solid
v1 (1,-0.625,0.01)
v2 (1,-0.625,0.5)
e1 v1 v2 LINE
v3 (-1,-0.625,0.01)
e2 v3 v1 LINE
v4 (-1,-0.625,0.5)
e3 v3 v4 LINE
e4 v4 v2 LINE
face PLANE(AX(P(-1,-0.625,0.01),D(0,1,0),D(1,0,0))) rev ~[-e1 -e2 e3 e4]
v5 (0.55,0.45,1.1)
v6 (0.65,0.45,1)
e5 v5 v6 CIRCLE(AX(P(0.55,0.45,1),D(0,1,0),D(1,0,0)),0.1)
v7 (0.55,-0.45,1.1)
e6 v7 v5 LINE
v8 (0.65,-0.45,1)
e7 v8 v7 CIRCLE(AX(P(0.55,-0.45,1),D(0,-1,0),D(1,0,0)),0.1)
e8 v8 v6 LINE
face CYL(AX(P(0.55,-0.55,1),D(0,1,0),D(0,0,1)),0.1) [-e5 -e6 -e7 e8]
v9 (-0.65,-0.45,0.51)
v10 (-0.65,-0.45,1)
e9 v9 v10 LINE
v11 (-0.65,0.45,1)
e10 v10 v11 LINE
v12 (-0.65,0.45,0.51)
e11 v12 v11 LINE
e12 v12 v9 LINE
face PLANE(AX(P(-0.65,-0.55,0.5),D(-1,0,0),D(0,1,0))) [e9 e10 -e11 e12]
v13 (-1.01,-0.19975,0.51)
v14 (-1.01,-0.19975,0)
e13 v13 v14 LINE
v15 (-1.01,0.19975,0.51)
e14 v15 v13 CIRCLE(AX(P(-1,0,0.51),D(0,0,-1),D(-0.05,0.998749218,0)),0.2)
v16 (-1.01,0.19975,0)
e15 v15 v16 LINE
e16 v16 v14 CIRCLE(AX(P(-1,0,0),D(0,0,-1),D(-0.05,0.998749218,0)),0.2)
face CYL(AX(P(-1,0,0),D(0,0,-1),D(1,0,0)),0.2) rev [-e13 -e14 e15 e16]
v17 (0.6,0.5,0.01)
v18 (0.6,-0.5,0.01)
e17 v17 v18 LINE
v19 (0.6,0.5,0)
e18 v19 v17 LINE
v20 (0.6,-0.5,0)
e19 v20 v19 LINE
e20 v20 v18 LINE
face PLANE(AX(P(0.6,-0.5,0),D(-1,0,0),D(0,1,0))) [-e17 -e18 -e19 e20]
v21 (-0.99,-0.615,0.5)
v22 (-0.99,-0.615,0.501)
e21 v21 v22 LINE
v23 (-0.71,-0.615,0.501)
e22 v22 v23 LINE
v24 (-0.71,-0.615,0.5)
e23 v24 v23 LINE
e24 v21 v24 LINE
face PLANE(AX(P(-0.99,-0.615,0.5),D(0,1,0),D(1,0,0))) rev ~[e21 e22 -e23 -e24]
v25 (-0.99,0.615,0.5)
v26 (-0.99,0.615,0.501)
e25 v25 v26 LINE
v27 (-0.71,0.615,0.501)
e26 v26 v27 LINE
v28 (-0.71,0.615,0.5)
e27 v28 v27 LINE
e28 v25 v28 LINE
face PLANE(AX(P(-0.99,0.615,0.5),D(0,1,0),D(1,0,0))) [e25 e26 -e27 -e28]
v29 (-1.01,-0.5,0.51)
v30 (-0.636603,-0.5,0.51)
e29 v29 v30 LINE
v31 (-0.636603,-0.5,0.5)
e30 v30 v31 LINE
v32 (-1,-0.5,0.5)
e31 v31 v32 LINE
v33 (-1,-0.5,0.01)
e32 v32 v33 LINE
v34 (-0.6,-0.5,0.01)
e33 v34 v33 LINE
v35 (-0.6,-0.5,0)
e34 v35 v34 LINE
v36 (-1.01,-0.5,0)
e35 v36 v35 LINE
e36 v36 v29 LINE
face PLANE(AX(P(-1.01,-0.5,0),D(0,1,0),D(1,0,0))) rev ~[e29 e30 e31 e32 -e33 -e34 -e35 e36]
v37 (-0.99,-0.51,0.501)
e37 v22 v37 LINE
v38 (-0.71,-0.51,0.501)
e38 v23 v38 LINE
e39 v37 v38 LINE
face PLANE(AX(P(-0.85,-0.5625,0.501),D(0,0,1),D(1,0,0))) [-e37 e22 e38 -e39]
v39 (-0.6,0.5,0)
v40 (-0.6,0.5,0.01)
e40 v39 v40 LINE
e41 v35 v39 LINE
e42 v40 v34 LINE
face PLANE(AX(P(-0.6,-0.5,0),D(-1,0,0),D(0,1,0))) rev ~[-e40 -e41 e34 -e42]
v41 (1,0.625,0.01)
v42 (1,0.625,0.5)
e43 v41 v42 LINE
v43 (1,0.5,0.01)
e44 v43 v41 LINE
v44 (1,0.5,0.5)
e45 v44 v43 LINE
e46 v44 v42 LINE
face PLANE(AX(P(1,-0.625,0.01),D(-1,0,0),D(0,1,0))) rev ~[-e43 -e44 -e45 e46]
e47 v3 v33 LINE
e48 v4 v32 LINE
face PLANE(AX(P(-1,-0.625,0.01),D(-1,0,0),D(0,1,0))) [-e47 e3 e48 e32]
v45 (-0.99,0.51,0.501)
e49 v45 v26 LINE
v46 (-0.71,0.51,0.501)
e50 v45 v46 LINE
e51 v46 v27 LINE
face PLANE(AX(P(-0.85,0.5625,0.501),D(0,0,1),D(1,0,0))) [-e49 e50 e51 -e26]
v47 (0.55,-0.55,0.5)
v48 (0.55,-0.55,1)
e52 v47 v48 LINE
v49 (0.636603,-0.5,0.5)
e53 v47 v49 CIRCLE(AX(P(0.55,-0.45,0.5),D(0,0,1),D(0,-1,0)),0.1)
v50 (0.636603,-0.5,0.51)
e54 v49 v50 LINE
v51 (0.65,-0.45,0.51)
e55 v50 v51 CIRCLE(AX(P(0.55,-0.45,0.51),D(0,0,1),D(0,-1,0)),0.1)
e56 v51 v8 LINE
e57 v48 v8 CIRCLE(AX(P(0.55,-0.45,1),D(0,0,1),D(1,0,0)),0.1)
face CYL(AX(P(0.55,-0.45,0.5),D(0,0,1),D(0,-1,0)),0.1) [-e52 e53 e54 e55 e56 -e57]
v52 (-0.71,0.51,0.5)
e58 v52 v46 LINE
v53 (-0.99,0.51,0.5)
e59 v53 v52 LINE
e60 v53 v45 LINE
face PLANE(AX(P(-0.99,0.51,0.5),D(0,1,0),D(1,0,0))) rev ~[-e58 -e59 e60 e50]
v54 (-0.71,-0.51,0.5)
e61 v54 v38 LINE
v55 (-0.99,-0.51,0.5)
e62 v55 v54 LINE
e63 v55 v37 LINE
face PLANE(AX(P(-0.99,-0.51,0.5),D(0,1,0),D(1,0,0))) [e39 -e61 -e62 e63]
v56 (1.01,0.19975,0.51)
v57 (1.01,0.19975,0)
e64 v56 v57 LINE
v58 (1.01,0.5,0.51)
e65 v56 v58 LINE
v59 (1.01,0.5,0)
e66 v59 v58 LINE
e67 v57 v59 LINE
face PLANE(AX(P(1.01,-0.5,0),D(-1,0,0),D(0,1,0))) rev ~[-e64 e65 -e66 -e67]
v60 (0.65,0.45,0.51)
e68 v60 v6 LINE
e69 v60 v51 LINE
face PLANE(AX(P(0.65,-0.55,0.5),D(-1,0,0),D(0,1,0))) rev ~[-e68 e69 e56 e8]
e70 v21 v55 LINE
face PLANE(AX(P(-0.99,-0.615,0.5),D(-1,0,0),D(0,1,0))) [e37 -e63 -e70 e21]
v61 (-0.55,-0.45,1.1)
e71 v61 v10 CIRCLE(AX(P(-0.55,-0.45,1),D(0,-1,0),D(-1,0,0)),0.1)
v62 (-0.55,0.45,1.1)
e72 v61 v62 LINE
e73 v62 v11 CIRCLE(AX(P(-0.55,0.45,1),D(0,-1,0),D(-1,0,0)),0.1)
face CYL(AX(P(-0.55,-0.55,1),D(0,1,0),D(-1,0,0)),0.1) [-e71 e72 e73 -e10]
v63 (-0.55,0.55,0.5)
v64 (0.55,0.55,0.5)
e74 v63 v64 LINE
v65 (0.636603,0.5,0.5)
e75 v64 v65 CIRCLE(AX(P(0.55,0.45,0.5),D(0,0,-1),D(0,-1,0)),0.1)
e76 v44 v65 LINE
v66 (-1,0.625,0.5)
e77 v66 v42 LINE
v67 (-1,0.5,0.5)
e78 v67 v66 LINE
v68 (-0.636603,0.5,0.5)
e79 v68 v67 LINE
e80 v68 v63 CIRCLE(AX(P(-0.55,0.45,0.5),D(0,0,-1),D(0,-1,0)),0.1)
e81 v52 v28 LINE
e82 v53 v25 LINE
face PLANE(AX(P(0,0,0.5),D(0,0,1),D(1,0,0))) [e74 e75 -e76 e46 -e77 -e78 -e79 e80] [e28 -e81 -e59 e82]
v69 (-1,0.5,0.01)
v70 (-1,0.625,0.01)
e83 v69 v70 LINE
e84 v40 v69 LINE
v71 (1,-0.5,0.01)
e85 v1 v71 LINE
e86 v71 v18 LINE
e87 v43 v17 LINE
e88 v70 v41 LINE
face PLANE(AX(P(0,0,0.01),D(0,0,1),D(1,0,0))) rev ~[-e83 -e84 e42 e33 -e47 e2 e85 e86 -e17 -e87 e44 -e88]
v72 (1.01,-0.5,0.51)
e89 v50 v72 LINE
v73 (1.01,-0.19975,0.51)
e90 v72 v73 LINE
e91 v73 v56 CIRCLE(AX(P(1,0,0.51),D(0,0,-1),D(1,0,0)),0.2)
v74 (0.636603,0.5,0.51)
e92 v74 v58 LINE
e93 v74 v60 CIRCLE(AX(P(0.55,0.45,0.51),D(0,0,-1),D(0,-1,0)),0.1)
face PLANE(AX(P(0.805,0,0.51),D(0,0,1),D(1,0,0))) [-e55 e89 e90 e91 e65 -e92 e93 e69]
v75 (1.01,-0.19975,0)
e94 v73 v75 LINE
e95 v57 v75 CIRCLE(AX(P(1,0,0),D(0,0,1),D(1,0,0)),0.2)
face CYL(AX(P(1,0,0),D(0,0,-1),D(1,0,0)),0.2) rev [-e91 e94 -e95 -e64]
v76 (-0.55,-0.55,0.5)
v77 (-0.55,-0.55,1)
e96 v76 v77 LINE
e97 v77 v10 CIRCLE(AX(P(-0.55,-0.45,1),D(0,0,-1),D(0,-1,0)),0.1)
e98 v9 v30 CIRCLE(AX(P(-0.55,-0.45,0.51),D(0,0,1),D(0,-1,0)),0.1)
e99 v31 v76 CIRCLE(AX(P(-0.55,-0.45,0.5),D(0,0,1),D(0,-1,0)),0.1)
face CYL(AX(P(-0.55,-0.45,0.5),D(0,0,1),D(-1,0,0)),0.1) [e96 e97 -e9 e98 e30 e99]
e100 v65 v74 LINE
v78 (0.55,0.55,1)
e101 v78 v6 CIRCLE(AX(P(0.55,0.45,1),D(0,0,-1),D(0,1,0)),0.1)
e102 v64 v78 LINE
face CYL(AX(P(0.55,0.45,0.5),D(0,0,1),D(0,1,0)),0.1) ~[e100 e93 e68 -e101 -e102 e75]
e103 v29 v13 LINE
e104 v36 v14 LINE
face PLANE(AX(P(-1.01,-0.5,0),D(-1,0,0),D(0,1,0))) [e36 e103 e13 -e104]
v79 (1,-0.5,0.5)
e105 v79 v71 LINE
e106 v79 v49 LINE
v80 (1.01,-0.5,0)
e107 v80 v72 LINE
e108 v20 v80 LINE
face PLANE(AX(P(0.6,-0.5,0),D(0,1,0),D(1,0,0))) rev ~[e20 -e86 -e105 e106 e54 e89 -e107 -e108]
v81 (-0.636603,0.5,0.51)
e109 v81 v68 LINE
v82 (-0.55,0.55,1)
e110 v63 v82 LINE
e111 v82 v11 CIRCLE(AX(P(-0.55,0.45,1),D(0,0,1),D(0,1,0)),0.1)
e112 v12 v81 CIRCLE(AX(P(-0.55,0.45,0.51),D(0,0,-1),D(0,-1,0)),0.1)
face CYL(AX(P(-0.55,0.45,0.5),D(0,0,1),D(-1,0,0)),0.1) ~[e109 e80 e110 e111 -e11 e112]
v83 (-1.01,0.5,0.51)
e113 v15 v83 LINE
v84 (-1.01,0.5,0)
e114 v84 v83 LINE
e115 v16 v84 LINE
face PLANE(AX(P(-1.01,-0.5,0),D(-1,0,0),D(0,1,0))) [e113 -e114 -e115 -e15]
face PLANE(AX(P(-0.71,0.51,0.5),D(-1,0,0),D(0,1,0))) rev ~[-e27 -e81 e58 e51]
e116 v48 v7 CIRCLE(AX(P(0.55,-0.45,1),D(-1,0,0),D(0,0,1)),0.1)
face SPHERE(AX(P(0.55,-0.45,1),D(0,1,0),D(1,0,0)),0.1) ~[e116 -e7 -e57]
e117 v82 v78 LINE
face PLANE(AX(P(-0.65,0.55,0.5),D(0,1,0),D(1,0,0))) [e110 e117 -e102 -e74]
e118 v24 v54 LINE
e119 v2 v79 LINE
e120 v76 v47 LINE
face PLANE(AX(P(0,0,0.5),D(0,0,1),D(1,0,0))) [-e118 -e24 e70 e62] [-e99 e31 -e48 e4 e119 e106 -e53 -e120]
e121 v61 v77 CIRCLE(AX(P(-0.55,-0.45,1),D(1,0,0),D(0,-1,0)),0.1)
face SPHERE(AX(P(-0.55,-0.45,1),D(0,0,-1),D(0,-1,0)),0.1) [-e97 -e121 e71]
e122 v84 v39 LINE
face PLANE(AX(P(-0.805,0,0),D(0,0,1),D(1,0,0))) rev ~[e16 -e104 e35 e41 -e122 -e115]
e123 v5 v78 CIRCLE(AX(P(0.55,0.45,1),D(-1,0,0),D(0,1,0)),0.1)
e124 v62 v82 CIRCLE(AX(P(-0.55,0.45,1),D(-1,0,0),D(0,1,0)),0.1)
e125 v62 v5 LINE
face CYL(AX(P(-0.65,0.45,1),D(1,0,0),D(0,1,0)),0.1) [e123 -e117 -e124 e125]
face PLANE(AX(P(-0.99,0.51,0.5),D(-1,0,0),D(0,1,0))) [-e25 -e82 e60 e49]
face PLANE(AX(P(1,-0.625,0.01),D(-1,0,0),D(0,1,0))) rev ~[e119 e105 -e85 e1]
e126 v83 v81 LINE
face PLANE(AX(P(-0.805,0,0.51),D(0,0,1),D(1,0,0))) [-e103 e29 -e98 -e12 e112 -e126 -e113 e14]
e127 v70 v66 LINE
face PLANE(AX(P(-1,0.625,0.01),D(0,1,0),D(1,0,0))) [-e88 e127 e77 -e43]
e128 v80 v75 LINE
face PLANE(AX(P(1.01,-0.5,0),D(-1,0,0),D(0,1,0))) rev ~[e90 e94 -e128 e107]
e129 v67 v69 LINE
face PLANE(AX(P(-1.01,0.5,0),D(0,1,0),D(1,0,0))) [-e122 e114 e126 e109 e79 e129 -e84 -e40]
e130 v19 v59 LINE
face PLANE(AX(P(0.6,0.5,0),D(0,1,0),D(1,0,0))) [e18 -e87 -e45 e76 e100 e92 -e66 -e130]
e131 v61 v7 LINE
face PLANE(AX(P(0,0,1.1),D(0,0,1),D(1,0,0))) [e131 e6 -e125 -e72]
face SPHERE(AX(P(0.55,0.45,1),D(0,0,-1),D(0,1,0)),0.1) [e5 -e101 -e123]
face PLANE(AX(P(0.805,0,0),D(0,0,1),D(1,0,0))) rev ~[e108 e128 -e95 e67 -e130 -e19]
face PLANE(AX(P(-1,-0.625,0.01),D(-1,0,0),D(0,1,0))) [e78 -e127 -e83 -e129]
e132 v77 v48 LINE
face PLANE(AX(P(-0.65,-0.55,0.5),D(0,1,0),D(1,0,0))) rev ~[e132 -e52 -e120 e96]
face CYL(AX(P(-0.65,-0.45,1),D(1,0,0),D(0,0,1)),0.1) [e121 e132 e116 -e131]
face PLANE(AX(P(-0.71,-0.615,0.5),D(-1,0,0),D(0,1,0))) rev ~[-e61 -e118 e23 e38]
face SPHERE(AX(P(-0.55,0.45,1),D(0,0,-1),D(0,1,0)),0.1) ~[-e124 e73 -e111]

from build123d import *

# Parameters (mm, degrees)
EXTRUDE_START       = 0.01
SKETCH_2_W          = 2
SKETCH_2_H          = 1.25
EXTRUDE_1_DEPTH     = 0.49
SKETCH_3_W          = 0.41
SKETCH_3_H          = 1
EXTRUDE_2_DEPTH     = 0.51
EXTRUDE_START_2     = 0.5
SKETCH_4_W          = 1.3
SKETCH_4_H          = 1.1
EXTRUDE_3_DEPTH     = 0.6
FILLET_1_R          = 0.1
SKETCH_5_W          = 0.28
SKETCH_5_H          = 0.105
EXTRUDE_4_DEPTH     = 0.001
SKETCH_6_R          = 0.2
CUT_EXTRUDE_2_DEPTH = 0.52


with BuildPart() as part:
    # Эскиз2 → Бобышка-Вытянуть1 (new body)
    with BuildSketch(Plane.XY.offset(EXTRUDE_START)):
        Rectangle(SKETCH_2_W, SKETCH_2_H)
    extrude(amount=EXTRUDE_1_DEPTH)

    # Эскиз3 → Бобышка-Вытянуть2 (add)
    with BuildSketch(Plane.XY):
        with Locations((-0.805, 0)):
            Rectangle(SKETCH_3_W, SKETCH_3_H)
        with Locations((0.805, 0)):
            Rectangle(SKETCH_3_W, SKETCH_3_H)
    extrude(amount=EXTRUDE_2_DEPTH)

    # Эскиз4 → Бобышка-Вытянуть3 (add)
    with BuildSketch(Plane.XY.offset(EXTRUDE_START_2)):
        Rectangle(SKETCH_4_W, SKETCH_4_H)
    extrude(amount=EXTRUDE_3_DEPTH)

    # Скругление1
    fillet_1_edges = [part.edges().sort_by_distance(p)[0] for p in [
        (0.65, 0.55, 0.8),
        (-0.65, 0.55, 0.8),
        (0, 0.55, 1.1),
        (0.65, 0, 1.1),
        (0.65, -0.55, 0.8),
        (-0.65, -0.55, 0.8),
        (0, -0.55, 1.1),
        (-0.65, 0, 1.1),
    ]]
    fillet(fillet_1_edges, radius=FILLET_1_R)

    # Эскиз5 → Бобышка-Вытянуть4 (add)
    with BuildSketch(Plane.XY.offset(0.5)):
        with Locations((-0.85, 0.5625)):
            Rectangle(SKETCH_5_W, SKETCH_5_H)
        with Locations((-0.85, -0.5625)):
            Rectangle(SKETCH_5_W, SKETCH_5_H)
    extrude(amount=EXTRUDE_4_DEPTH)

    # Эскиз6 → Вырез-Вытянуть2 (cut)
    with BuildSketch(Plane.XY):
        with Locations((-1, 0)):
            Circle(SKETCH_6_R)
        with Locations((1, 0)):
            Circle(SKETCH_6_R)
    extrude(amount=CUT_EXTRUDE_2_DEPTH, mode=Mode.SUBTRACT)


solid = part.part
